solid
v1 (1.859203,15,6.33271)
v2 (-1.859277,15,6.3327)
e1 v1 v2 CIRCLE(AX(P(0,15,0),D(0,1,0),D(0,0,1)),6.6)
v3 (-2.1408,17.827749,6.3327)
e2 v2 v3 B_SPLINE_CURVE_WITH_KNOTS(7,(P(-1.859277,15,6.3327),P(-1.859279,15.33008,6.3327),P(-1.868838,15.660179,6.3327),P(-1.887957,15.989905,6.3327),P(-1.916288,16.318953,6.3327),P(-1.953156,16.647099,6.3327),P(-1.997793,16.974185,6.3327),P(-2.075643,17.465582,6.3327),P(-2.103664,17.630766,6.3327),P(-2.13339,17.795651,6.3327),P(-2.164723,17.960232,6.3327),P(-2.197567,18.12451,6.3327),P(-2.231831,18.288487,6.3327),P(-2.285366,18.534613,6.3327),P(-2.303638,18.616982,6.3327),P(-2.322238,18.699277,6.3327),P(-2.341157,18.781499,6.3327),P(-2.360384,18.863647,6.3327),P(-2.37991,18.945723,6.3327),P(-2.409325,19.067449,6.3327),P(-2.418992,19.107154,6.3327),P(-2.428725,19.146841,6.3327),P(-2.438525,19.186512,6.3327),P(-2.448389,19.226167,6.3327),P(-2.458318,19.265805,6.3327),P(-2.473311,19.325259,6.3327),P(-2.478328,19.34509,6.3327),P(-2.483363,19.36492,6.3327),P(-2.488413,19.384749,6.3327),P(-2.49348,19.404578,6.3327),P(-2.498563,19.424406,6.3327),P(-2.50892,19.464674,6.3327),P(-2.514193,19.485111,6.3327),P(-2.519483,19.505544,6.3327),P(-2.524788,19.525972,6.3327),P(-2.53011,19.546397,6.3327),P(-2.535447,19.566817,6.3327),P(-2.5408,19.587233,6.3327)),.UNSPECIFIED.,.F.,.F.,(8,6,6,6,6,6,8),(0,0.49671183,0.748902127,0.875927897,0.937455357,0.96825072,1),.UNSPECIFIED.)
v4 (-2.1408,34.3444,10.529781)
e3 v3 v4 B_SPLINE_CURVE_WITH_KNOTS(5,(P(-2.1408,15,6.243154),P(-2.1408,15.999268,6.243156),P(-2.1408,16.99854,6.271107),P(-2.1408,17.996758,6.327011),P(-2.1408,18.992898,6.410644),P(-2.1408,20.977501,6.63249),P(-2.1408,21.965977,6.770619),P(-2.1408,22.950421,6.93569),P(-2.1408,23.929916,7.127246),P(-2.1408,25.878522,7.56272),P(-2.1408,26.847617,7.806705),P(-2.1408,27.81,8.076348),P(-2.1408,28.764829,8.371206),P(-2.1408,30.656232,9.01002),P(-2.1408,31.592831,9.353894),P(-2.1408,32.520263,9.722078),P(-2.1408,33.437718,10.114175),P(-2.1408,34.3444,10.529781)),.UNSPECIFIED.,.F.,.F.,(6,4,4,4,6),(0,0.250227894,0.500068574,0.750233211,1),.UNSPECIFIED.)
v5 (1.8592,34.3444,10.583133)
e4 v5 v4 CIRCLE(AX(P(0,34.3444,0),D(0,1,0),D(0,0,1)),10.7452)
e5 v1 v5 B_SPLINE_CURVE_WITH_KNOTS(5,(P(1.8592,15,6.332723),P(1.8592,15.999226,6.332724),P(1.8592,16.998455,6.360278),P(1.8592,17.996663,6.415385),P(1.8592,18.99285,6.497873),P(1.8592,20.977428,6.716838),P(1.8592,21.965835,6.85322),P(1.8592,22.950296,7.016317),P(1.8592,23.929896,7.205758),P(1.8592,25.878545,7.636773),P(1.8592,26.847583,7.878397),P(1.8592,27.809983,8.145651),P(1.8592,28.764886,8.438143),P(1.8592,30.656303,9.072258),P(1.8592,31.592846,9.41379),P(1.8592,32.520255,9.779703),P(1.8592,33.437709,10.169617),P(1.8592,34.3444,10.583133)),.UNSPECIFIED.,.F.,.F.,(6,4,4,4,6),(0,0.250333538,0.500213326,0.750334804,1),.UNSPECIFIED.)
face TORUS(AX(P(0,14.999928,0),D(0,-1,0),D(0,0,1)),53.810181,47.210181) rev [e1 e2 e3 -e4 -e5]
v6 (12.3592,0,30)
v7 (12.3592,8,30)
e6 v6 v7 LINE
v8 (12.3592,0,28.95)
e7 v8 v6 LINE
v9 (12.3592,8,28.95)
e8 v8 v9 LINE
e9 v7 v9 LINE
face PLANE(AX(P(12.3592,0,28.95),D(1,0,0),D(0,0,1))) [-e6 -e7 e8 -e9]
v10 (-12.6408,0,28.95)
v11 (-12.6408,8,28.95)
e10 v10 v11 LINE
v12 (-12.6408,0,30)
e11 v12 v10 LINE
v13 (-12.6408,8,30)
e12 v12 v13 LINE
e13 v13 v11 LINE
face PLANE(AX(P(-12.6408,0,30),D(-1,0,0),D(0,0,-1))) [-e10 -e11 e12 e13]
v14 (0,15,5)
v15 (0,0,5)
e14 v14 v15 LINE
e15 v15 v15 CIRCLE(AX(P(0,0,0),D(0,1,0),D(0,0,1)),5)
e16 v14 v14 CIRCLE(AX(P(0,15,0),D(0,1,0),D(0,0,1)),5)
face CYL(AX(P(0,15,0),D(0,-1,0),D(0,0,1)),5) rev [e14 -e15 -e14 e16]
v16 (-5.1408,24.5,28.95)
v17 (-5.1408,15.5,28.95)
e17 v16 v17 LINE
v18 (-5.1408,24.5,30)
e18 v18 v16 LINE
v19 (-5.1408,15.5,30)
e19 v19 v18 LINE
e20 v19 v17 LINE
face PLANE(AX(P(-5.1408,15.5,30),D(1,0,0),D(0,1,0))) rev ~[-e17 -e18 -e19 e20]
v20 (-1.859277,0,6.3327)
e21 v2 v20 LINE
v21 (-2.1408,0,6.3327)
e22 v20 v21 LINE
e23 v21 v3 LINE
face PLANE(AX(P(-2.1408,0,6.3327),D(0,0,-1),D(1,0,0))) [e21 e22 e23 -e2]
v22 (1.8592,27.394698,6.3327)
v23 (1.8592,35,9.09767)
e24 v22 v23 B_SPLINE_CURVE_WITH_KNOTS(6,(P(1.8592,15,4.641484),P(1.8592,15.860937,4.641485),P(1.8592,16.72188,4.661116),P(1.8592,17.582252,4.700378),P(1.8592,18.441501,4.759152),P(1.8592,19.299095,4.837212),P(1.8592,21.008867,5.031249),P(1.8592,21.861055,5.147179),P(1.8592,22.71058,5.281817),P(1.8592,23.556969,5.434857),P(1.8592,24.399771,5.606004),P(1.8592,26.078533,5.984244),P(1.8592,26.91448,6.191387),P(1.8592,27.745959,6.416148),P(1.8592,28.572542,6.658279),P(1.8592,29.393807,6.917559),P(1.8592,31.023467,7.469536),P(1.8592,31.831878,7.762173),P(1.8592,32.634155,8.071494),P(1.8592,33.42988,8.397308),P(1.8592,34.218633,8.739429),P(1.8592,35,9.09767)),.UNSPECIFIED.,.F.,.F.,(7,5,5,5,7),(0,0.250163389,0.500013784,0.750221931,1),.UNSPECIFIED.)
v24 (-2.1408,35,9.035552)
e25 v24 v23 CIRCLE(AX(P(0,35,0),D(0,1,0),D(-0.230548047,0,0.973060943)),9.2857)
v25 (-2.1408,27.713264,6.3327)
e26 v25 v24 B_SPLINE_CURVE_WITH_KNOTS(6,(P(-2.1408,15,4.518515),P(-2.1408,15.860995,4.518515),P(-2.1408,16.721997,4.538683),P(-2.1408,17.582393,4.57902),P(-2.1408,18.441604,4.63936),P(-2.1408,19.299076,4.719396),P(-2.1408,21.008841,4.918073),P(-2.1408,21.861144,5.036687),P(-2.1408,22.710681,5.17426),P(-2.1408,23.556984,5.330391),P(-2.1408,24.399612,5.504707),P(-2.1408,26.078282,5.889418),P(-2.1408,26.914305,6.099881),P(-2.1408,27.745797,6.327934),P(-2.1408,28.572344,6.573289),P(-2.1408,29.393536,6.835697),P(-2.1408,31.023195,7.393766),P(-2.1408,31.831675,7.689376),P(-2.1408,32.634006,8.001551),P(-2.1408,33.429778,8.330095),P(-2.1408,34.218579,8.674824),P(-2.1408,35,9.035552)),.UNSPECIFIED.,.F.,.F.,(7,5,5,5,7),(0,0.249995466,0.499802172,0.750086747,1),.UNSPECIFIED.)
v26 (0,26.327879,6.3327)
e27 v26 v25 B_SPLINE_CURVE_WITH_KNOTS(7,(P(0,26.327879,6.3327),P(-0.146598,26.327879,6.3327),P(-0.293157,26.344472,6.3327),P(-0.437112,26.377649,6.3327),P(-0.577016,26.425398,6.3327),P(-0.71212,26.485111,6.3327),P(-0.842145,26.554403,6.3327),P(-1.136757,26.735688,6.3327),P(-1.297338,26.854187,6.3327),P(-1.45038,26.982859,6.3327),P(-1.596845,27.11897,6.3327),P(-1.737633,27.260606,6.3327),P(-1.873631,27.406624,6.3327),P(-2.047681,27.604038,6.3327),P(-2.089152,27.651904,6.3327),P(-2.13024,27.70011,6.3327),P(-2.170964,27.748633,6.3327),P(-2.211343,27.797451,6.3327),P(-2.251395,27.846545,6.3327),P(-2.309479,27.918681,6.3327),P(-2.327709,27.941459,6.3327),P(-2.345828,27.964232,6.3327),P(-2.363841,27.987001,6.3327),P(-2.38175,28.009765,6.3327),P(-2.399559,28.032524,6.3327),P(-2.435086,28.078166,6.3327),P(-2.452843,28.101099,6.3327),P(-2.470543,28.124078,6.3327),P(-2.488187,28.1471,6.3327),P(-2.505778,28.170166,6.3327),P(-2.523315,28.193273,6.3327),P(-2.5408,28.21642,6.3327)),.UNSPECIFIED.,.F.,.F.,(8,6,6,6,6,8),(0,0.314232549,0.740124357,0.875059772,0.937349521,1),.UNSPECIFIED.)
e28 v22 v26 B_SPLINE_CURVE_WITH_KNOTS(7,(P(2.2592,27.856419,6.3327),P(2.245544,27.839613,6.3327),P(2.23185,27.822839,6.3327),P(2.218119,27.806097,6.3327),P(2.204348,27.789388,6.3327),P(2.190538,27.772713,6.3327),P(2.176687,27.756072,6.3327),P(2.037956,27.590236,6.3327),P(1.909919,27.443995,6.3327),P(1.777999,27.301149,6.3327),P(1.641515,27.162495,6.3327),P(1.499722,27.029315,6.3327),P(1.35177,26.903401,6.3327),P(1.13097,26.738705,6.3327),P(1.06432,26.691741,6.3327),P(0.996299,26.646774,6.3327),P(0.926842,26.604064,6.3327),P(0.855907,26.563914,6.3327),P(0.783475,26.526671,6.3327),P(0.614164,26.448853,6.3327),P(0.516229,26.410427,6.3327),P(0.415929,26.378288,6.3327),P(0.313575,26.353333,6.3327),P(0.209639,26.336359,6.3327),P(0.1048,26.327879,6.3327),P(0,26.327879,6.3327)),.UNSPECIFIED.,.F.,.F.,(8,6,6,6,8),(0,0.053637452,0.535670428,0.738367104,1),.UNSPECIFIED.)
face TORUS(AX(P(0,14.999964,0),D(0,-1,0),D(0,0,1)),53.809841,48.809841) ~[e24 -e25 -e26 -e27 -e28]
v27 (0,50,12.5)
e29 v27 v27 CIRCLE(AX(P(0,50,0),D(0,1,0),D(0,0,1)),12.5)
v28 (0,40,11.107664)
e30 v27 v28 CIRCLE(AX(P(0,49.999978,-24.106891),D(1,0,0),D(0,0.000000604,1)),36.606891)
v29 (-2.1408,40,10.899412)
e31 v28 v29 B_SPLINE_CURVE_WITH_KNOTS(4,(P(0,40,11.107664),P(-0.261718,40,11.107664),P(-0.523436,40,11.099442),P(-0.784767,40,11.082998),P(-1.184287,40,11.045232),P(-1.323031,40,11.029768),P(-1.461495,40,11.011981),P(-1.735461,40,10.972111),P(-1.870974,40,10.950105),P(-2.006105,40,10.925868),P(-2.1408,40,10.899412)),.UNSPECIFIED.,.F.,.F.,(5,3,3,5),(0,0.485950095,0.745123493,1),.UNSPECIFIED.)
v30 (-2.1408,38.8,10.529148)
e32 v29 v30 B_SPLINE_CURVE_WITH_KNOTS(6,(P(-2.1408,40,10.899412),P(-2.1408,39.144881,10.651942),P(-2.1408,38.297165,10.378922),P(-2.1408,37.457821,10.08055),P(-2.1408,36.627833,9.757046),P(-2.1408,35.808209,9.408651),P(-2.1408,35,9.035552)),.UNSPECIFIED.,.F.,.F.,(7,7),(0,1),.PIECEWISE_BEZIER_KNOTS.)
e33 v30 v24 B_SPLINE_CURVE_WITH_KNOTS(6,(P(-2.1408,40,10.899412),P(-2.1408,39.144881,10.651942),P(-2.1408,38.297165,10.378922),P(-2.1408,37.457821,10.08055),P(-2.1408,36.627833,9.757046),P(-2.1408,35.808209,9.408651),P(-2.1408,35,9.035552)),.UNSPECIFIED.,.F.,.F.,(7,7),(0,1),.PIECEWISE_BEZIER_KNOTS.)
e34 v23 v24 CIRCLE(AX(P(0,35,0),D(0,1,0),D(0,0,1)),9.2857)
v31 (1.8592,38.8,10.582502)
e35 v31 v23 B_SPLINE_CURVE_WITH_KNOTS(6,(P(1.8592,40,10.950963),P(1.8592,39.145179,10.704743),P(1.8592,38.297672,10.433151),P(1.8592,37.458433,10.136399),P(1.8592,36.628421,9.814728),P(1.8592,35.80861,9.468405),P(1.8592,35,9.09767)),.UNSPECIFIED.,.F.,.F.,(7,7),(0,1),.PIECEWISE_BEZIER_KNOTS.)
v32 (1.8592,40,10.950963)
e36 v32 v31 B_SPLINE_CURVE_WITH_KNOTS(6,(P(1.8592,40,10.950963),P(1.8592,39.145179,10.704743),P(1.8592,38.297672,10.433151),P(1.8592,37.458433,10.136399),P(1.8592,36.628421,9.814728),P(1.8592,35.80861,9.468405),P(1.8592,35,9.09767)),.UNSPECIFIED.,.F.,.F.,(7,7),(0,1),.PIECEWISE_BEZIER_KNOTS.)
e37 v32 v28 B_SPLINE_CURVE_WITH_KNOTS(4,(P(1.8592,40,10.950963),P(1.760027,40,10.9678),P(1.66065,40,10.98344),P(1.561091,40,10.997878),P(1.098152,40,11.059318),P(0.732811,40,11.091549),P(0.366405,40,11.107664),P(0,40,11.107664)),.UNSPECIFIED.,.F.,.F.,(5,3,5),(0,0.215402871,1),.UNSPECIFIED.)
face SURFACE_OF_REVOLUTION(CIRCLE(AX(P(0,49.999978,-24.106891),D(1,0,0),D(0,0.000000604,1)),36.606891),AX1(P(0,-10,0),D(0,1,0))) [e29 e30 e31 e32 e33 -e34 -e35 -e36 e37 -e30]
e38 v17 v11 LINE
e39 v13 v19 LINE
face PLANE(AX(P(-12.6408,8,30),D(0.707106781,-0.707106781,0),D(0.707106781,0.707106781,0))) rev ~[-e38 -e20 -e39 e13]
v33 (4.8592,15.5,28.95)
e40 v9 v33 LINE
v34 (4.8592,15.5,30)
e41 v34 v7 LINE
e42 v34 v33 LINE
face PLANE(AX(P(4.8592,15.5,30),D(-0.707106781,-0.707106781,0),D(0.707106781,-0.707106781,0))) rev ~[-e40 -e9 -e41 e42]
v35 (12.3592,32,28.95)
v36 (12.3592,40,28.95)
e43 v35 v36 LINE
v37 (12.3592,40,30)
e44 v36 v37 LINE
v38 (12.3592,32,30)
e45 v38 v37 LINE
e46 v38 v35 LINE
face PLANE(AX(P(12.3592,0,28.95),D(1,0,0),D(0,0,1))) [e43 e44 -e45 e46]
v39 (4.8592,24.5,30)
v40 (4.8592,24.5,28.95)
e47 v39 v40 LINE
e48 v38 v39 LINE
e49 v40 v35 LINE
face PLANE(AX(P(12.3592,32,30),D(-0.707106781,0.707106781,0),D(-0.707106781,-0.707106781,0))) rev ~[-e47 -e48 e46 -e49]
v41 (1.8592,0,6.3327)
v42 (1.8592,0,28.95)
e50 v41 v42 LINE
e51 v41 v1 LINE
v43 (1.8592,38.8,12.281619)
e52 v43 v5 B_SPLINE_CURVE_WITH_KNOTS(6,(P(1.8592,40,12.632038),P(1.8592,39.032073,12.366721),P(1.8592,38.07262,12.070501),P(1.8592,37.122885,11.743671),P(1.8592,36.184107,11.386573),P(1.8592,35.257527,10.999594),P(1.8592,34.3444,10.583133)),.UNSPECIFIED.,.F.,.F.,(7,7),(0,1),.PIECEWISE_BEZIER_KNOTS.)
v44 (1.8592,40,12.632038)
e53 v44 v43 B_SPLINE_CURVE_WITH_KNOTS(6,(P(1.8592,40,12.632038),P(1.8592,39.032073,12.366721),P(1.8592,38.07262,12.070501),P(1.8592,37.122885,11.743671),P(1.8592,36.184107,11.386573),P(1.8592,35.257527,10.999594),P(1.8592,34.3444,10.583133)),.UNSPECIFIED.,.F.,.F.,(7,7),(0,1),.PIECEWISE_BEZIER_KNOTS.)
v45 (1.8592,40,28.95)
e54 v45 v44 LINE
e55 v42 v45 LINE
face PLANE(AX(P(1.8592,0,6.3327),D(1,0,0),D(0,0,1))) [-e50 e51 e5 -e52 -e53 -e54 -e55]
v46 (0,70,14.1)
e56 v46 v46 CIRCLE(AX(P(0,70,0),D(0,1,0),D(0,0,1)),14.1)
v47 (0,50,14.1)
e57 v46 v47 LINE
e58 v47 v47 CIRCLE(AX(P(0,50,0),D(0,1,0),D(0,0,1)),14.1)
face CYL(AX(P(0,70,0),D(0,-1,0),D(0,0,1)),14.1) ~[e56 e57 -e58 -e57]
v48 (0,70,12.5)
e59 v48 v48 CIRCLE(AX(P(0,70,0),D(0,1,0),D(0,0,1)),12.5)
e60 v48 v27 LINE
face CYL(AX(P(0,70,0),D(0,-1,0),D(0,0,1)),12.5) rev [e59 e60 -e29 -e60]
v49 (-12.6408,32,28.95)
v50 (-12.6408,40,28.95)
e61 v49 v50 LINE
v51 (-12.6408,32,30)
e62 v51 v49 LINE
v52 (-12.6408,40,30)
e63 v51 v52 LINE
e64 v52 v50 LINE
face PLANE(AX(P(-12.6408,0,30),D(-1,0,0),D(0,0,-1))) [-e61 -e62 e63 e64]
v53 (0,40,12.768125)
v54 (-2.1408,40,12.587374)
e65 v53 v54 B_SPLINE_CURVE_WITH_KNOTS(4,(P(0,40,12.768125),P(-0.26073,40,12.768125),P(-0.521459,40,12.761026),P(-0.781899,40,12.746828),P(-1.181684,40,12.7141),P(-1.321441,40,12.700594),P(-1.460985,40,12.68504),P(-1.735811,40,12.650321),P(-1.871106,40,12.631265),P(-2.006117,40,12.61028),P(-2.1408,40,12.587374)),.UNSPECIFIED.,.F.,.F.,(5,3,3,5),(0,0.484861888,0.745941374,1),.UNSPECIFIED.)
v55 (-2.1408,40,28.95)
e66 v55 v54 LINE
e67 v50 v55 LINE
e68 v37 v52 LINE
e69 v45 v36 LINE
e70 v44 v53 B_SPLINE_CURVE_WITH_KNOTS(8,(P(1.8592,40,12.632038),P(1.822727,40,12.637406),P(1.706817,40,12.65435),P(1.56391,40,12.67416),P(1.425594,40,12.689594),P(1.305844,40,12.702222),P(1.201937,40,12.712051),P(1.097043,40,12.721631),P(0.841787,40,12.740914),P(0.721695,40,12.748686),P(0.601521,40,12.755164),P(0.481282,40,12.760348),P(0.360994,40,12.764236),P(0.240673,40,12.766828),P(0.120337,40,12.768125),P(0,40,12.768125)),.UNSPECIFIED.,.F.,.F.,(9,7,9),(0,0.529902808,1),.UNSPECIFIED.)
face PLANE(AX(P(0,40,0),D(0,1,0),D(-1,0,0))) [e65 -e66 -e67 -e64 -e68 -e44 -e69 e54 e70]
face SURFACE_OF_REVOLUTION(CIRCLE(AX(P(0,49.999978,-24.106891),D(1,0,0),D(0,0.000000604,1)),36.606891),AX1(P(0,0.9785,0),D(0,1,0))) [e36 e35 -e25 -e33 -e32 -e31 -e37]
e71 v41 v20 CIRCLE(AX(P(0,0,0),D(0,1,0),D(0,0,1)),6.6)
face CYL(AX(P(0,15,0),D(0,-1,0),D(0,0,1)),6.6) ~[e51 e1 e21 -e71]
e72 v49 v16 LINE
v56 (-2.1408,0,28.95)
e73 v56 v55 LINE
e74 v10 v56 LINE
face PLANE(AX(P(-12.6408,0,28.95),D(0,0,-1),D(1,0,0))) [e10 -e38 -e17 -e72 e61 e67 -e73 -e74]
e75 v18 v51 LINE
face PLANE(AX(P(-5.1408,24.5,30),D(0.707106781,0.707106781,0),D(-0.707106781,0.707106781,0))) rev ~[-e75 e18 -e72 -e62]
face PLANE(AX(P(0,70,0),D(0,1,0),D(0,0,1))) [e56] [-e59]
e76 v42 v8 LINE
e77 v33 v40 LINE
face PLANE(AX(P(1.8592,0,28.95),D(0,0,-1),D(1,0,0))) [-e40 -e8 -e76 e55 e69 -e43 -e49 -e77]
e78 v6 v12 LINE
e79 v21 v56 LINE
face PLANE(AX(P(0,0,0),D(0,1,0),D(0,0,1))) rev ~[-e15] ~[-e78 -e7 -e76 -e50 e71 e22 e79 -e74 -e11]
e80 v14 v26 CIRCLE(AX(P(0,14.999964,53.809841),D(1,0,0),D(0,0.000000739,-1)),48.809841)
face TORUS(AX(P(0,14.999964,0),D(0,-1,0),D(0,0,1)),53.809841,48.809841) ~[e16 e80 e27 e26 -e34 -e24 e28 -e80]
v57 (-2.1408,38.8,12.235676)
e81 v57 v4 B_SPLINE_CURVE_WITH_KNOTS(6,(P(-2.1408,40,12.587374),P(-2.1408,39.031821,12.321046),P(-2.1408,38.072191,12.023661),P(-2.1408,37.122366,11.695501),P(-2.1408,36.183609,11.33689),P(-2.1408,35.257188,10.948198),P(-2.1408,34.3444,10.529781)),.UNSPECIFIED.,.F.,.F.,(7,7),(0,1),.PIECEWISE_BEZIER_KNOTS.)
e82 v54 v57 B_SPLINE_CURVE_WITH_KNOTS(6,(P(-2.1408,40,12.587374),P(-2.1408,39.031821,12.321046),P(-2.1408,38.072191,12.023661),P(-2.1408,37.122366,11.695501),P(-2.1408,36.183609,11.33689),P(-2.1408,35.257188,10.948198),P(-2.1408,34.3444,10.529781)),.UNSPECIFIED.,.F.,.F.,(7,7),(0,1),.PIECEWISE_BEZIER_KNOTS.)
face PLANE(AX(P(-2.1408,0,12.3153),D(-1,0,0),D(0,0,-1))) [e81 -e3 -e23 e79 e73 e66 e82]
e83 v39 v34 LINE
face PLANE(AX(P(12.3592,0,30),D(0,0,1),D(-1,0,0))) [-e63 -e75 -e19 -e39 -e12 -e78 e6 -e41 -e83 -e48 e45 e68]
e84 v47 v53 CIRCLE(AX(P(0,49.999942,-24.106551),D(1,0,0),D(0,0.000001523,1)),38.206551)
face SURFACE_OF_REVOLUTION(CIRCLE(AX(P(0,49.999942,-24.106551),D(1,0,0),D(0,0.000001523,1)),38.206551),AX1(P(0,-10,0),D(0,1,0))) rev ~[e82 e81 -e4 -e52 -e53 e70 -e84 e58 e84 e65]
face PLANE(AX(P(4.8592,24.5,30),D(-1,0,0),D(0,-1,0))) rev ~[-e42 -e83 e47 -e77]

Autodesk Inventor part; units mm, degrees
ref_plane "YZ Plane" through (0, 0, 0) normal (1, 0, 0) x (0, 1, 0)
ref_plane "XZ Plane" through (0, 0, 0) normal (0, 1, 0) x (-1, 0, 0)
ref_plane "XY Plane" through (0, 0, 0) normal (0, 0, 1) x (1, 0, 0)
sketch "Szkic1" plane through (0, 0, 0) normal (1, 0, 0) x (0, 1, 0)
  line L0 (70, 12.5) -> (50, 12.5)
  arc A0 (50, 12.5) -> (35, 9.2857) centre (50, -24.1071) ccw
  arc A1 (15, 5) -> (35, 9.2857) centre (15, 53.8095) ccw
  line L1 (15, 5) -> (0, 5)
  line L2 (0.9785, 0) -> (128.1793, 0) construction
  line L3 (70, 14.1) -> (50, 14.1)
  arc A2 (50, 14.1) -> (34.3444, 10.7452) centre (50, -24.1071) ccw
  arc A3 (15, 6.6) -> (34.3444, 10.7452) centre (15, 53.8095) ccw
  line L4 (15, 6.6) -> (0, 6.6)
  line L5 (70, 14.1) -> (70, 12.5)
  line L6 (0, 6.6) -> (0, 5)
  line L7 (-25.6359, 0) -> (153.8152, 0) projected
  line L8 (70, 14.1) -> (70, 0)
  line L9 (0, 0) -> (0, 5)
  dimension "d35" = 5
  dimension "d36" = 12.5
  dimension "d37" = 70
  dimension "d38" = 20
  dimension "d39" = 15
  dimension "d40" = 20
  dimension "d41" = 1.6
revolve "Obrót1" add sketch "Szkic1" angle 360 about axis through (0, -10, 0) along (0, 1, 0) contours L0 A0 A1 L1 L6 L4 A3 A2 L3 L5
sketch "Szkic3" plane through (0, 0, 0) normal (0, 1, 0) x (-1, 0, 0)
  line L0 (2.1408, 6.3327) -> (-1.8592, 6.3327)
  line L1 (-1.8592, 6.3327) -> (-1.8592, 28.95)
  line L2 (-1.8592, 28.95) -> (2.1408, 28.95)
  line L3 (2.1408, 28.95) -> (2.1408, 6.3327)
  line L4 (-12.3592, 30) -> (12.6408, 30)
  line L5 (12.6408, 30) -> (12.6408, 28.95)
  line L6 (12.6408, 28.95) -> (-12.3592, 28.95)
  line L7 (-12.3592, 28.95) -> (-12.3592, 30)
  circle A0 centre (0, 0) radius 12.5 projected
  line L8 (2.1408, 12.3153) -> (-1.8592, 12.361)
  circle A1 centre (0, 0) radius 6.6 projected
  point P0 (0.1408, 28.95)
  point P1 (0.1408, 30)
  point P2 (2.1408, 28.95)
  point P3 (-1.8592, 28.95)
  dimension "d17" = 4
  dimension "d19" = 1.05
  dimension "d20" = 25
  dimension "d21" = 30
extrude "Wyciągnięcie proste2" add sketch "Szkic3" along normal blind 40 contours L2 L6 L7 L4 L5
extrude "Wyciągnięcie proste3" add sketch "Szkic3" along normal blind 40 contours L0 A1 L1 L8 L3 | L0 A1 | A0 L1 L2 L3 | L8 A0 picked at (0.2091, 6.4118)
sketch "Szkic4" plane through (0, 40, 0) normal (0, 1, 0) x (1, 0, 0)
  line L0 (-12.6408, -30) -> (12.3592, -30) projected
  line L1 (1.9943, -30) -> (-2.1408, -30)
  line L2 (-2.1408, -5) -> (1.8592, -5)
  line L3 (-2.1408, -30) -> (1.8592, -30)
  line L4 (1.8592, -30) -> (1.8592, -5)
  line L5 (1.8592, -5) -> (-2.1408, -5)
  line L6 (-2.1408, -5) -> (-2.1408, -30)
  point P0 (0, 0)
  point P1 (-2, -5)
  point P2 (-2, -5)
  point P3 (-0.1408, -30)
  dimension "d42" = 4
  dimension "d43" = 25
extrude "Wyciągnięcie proste4" add sketch "Szkic4" against normal blind 1.2
sketch "Szkic5" plane through (-12.6408, 0, 30) normal (0, 0, 1) x (1, 0, 0)
  line L0 (0, 0) -> (25, 0) projected
  line L1 (0, 0) -> (0, 8)
  line L2 (0, 0) -> (0, 40) projected
  line L3 (0, 8) -> (7.5, 15.5)
  line L4 (7.5, 15.5) -> (7.5, 24.5)
  line L5 (9.5, 70) -> (9.5, 0) projected
  line L6 (7.5, 24.5) -> (0, 32)
  line L7 (0, 40) -> (25, 40) projected
  line L8 (0, 32) -> (0, 40)
  line L9 (0, 40) -> (25, 40)
  line L10 (25, 0) -> (25, 40) projected
  line L11 (25, 40) -> (25, 32)
  line L12 (25, 32) -> (17.5, 24.5)
  line L13 (17.5, 24.5) -> (17.5, 15.5)
  line L14 (17.5, 15.5) -> (25, 8)
  line L15 (25, 8) -> (25, 0)
  line L16 (0, 0) -> (25, 0)
  line L17 (12.5, 0) -> (12.5, 40) construction
  line L18 (14.4324, 40) -> (10.5676, 40) construction
  point P0 (12.6408, 0)
  dimension "d29" = 45
  dimension "d30" = 10
  dimension "d31" = 8
  dimension "d32" = 8
extrude "Wyciągnięcie proste5" cut sketch "Szkic5" against normal blind 1.2 contours L2 L6 L4 L3 | L14 L13 L12 L10
revolve "Obrót2" cut sketch "Szkic1" angle 360 about axis through (0, 0.9785, 0) along (0, 1, 0) contours L8 L7 L9 L1 A1 A0 L0
properties part number "rurka_optv2"
